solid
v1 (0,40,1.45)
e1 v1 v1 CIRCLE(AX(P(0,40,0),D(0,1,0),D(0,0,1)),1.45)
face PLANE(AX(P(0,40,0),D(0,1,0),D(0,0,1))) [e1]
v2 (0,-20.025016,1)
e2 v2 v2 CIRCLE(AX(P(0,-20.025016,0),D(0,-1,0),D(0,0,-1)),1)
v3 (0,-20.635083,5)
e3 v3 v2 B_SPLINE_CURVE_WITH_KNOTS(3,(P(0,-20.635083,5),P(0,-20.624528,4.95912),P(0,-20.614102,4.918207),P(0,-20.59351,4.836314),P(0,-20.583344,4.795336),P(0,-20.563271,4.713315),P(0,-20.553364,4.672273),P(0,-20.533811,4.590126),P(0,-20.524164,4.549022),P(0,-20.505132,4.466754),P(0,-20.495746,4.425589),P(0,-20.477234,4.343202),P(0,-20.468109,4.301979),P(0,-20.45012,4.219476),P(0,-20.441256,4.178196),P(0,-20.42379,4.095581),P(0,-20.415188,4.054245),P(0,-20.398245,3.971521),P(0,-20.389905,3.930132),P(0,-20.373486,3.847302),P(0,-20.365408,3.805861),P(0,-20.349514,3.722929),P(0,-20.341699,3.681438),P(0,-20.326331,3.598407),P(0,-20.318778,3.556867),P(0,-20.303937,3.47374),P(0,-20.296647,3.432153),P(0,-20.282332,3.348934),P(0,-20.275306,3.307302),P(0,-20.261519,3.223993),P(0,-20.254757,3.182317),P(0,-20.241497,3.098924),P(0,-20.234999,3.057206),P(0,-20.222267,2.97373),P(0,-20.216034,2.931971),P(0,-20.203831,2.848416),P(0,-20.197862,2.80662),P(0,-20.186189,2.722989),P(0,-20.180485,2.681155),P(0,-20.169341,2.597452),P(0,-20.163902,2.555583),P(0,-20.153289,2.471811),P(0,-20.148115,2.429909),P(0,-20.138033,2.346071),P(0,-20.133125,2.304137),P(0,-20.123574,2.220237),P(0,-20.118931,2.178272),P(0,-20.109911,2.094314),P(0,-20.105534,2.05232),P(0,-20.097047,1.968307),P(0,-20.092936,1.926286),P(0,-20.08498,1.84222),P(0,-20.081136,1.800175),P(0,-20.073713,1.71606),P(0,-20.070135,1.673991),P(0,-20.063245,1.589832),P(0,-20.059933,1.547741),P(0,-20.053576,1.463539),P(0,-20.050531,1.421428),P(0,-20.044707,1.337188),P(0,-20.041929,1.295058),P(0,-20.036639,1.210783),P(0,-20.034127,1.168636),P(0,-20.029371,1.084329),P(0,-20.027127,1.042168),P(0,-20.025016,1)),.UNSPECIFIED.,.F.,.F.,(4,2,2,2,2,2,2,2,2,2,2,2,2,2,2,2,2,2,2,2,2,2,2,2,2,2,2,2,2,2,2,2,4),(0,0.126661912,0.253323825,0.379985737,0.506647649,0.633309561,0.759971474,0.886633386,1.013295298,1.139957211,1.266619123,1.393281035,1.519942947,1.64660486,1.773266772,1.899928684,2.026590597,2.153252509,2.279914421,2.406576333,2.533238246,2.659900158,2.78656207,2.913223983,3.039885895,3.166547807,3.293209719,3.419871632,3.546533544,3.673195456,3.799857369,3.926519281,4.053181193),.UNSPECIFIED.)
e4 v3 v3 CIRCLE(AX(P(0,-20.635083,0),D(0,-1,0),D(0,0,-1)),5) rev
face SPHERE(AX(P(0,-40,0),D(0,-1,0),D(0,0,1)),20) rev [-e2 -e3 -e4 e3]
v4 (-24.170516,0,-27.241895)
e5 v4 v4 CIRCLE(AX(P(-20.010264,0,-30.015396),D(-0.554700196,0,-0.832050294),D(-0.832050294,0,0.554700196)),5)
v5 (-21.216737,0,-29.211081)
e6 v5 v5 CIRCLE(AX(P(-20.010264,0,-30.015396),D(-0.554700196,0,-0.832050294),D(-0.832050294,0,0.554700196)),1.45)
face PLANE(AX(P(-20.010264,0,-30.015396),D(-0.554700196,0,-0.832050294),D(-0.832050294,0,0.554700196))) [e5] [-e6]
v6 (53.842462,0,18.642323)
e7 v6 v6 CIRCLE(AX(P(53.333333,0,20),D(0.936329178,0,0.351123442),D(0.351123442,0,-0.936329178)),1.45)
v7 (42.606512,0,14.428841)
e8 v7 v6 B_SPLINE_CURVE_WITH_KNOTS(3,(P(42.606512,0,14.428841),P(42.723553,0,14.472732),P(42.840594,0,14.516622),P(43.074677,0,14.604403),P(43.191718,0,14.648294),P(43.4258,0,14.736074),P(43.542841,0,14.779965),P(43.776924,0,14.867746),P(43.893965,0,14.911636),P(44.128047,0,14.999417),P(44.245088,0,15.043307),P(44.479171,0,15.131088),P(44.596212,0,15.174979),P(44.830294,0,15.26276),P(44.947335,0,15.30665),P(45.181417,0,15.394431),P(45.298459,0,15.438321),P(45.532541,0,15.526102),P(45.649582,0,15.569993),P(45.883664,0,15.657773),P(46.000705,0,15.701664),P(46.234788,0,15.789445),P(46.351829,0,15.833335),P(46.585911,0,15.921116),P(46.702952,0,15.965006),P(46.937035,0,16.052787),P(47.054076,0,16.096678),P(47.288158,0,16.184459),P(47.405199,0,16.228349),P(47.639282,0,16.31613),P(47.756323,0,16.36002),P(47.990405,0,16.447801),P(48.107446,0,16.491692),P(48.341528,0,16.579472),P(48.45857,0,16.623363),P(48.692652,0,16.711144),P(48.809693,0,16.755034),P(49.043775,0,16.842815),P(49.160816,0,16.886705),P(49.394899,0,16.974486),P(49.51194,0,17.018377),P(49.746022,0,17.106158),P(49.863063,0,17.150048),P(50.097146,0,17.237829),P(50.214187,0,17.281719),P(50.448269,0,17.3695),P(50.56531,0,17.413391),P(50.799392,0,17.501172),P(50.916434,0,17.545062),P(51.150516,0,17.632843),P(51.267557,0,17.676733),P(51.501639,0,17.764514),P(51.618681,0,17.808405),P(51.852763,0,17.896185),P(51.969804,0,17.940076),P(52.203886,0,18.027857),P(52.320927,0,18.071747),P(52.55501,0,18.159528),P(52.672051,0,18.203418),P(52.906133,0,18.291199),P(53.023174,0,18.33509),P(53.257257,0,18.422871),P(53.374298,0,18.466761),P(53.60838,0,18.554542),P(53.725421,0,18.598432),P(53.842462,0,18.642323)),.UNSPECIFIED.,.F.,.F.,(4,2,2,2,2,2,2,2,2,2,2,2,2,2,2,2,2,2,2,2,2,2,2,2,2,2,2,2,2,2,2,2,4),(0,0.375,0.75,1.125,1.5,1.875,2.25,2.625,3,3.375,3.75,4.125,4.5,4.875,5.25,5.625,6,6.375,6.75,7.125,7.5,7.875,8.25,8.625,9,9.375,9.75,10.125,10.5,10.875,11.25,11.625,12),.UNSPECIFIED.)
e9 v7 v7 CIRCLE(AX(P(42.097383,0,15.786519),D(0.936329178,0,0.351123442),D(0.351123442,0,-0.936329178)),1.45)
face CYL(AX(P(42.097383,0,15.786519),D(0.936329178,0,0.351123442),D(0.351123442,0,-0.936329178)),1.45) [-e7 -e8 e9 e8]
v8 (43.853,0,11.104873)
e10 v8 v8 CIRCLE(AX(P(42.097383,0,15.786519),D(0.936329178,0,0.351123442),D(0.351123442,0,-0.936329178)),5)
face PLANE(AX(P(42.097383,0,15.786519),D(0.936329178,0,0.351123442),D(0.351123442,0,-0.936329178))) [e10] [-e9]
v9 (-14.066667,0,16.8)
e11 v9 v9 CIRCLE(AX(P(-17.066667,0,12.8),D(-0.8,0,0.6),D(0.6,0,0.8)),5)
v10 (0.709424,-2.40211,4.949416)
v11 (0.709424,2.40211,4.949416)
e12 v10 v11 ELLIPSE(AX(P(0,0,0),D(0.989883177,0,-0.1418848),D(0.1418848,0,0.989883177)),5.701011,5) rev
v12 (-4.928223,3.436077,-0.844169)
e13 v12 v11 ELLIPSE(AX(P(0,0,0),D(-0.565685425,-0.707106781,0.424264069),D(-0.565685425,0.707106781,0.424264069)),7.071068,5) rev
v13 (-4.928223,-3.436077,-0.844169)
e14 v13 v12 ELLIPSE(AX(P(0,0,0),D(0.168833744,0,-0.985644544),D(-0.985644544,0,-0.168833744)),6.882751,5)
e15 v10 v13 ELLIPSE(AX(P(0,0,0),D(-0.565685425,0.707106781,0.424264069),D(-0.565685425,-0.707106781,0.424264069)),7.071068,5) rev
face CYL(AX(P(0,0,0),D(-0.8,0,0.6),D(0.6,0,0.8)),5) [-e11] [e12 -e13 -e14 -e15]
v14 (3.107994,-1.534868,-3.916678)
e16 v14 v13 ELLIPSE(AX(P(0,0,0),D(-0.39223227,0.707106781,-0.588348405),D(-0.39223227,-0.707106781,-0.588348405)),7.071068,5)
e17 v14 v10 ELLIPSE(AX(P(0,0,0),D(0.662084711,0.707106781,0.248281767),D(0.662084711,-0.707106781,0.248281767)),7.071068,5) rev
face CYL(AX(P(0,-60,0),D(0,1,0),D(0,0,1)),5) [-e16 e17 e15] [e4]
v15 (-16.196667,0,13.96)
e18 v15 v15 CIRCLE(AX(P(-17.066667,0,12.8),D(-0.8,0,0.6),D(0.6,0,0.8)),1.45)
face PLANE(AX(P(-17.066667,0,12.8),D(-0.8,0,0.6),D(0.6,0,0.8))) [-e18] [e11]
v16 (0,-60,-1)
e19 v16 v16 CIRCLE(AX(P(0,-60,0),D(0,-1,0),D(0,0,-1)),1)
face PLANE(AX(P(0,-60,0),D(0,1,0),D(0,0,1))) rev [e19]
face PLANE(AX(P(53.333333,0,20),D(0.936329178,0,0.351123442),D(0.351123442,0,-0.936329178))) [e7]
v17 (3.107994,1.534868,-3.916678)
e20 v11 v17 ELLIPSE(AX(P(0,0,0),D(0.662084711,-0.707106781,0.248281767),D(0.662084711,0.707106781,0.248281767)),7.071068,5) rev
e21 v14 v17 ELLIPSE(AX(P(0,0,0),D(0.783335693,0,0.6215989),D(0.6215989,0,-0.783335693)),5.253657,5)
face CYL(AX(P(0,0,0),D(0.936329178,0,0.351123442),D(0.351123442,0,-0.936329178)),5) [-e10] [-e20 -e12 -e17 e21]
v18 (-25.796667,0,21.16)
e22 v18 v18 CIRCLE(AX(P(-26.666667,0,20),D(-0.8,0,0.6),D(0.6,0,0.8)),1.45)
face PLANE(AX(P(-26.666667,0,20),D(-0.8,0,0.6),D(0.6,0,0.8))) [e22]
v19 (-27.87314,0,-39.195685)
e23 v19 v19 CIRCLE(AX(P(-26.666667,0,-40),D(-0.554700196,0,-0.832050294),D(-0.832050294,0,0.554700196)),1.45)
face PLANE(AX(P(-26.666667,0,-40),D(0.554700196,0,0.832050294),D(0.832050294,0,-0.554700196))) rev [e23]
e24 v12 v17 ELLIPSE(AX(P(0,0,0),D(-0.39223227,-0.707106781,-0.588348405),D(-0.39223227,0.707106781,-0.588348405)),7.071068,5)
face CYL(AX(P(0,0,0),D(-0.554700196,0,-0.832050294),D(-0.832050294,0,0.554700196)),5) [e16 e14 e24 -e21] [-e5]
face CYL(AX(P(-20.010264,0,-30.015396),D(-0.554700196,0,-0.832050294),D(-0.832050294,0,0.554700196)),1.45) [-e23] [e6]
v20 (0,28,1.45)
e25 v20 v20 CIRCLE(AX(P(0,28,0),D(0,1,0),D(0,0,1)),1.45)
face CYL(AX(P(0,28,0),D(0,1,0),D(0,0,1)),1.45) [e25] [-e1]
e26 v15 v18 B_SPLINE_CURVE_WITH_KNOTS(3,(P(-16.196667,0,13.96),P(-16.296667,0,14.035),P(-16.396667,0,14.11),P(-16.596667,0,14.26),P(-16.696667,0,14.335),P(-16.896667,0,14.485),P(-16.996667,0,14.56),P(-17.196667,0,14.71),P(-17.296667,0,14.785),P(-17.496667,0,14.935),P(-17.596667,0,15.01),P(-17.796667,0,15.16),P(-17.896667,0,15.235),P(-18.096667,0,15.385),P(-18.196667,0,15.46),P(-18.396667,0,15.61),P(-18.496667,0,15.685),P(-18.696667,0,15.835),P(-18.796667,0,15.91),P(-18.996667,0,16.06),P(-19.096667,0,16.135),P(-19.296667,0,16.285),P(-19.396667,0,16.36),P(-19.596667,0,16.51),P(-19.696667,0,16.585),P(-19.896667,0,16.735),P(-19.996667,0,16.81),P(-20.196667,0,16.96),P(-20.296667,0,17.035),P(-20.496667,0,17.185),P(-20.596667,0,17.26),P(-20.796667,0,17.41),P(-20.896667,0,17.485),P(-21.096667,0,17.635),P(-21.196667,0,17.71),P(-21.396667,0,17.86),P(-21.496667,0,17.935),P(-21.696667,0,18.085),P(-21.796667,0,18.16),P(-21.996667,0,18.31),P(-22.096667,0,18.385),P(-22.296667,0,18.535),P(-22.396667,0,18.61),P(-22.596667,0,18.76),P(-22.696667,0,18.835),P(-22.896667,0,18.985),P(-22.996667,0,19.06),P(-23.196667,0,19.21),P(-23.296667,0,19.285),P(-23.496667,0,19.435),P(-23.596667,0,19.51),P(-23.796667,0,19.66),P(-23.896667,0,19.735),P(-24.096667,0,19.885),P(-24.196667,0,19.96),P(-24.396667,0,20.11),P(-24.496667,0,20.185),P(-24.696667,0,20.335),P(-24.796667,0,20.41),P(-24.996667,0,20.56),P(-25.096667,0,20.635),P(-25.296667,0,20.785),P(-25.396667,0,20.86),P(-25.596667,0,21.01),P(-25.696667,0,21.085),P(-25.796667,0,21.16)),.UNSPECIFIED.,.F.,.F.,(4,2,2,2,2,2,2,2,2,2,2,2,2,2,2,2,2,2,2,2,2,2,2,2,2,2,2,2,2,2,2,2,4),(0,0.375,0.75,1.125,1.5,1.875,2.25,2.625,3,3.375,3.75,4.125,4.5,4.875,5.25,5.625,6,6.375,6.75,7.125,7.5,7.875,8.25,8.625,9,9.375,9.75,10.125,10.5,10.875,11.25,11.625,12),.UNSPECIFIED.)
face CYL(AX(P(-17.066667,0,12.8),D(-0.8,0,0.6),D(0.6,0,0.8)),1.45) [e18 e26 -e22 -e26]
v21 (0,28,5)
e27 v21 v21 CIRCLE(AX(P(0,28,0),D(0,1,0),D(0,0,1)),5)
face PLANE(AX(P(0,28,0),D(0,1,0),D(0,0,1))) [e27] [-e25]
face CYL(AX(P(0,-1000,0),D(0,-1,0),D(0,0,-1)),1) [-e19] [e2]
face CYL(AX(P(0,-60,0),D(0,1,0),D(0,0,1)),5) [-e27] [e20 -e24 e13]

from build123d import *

# Parameters (mm, degrees)
SKETCH_3_R           = 5
SKETCH_4_R           = 5
SKETCH_2_R           = 5
SKETCH_7_R           = 5
SKETCH_7_R_2         = 1.45
CUT_EXTRUDE_1_DEPTH  = 12
SKETCH_8_R           = 5
SKETCH_8_R_2         = 1.45
CUT_EXTRUDE_2_DEPTH  = 12
SKETCH_9_R           = 5
SKETCH_9_R_2         = 1.45
CUT_EXTRUDE_3_DEPTH  = 12
EXTRUDE_1_DEPTH      = 40
EXTRUDE_1_DEPTH_BACK = 60
SKETCH_10_R          = 5
SKETCH_12_R          = 5
SKETCH_12_R_2        = 1.45
CUT_EXTRUDE_5_DEPTH  = 12


with BuildPart() as part:
    # 扫描1: sweep along a path in 草图1
    with BuildLine(Plane(origin=(0, 0, 0), x_dir=(1, 0, 0), z_dir=(0, 1, 0))) as sweep_1_path:
        Line((0, 0), (53.333333333, -20))
    # 草图3 → 扫描1 (sweep)
    with BuildSketch(Plane(origin=(0, 0, 0), x_dir=(0.35112344158838826, 0, -0.9363291775690458), z_dir=(0.9363291775690458, 0, 0.35112344158838826))):
        Circle(SKETCH_3_R)
    sweep(path=sweep_1_path.line)

    # 扫描7: sweep along a path in 草图5
    with BuildLine(Plane(origin=(0, 0, 0), x_dir=(1, 0, 0), z_dir=(0, 1, 0))) as sweep_7_path:
        Line((0, 0), (-26.666666667, 40))
    # 草图4 → 扫描7 (sweep)
    with BuildSketch(Plane(origin=(0, 0, 0), x_dir=(0.8320502943378456, 0, -0.5547001962252264), z_dir=(0.5547001962252264, 0, 0.8320502943378456))):
        Circle(SKETCH_4_R)
    sweep(path=sweep_7_path.line)

    # 扫描8: sweep along a path in 草图6
    with BuildLine(Plane(origin=(0, 0, 0), x_dir=(1, 0, 0), z_dir=(0, 1, 0))) as sweep_8_path:
        Line((0, 0), (-26.666666667, -20))
    # 草图2 → 扫描8 (sweep)
    with BuildSketch(Plane(origin=(0, 0, 0), x_dir=(0.600000000000003, 0, 0.7999999999999979), z_dir=(-0.7999999999999979, 0, 0.600000000000003))):
        Circle(SKETCH_2_R)
    sweep(path=sweep_8_path.line)

    # 草图7 → 切除-拉伸1 (cut)
    with BuildSketch(Plane(origin=(-26.666666667, 0, -40), x_dir=(-0.8320502943378455, 0, 0.5547001962252265), z_dir=(-0.5547001962252265, 0, -0.8320502943378456))):
        Circle(SKETCH_7_R)
        Circle(SKETCH_7_R_2, mode=Mode.SUBTRACT)
    extrude(amount=-CUT_EXTRUDE_1_DEPTH, mode=Mode.SUBTRACT)

    # 草图8 → 切除-拉伸2 (cut)
    with BuildSketch(Plane(origin=(-26.666666667, 0, 20), x_dir=(0.6000000000000031, 0, 0.7999999999999977), z_dir=(-0.7999999999999977, 0, 0.6000000000000031))):
        Circle(SKETCH_8_R)
        Circle(SKETCH_8_R_2, mode=Mode.SUBTRACT)
    extrude(amount=-CUT_EXTRUDE_2_DEPTH, mode=Mode.SUBTRACT)

    # 草图9 → 切除-拉伸3 (cut)
    with BuildSketch(Plane(origin=(53.333333333, 0, 20), x_dir=(0.35112344158838826, 0, -0.9363291775690458), z_dir=(0.9363291775690458, 0, 0.35112344158838826))):
        Circle(SKETCH_9_R)
        Circle(SKETCH_9_R_2, mode=Mode.SUBTRACT)
    extrude(amount=-CUT_EXTRUDE_3_DEPTH, mode=Mode.SUBTRACT)

    # 草图10 → 凸台-拉伸1 (add, two sides: drawn at the far end of the back side and taken through both)
    with BuildSketch(Plane(origin=(0, 0, 0), x_dir=(1, 0, 0), z_dir=(0, 1, 0)).offset(-EXTRUDE_1_DEPTH_BACK)):
        with Locations(Location((0, 0, 0), (0, 0, 270))):
            Circle(SKETCH_10_R)
    extrude(amount=EXTRUDE_1_DEPTH + EXTRUDE_1_DEPTH_BACK)

    # 草图12 → 切除-拉伸5 (cut)
    with BuildSketch(Plane(origin=(0, 40, 0), x_dir=(1, 0, 0), z_dir=(0, 1, 0))):
        with Locations(Location((0, 0, 0), (0, 0, 270))):
            Circle(SKETCH_12_R)
        with Locations(Location((0, 0, 0), (0, 0, 270))):
            Circle(SKETCH_12_R_2, mode=Mode.SUBTRACT)
    extrude(amount=-CUT_EXTRUDE_5_DEPTH, mode=Mode.SUBTRACT)

    # 草图13 → 切除-旋转1 (revolve, cut)
    with BuildSketch(Plane(origin=(0, 0, 0), x_dir=(0, 0, -1), z_dir=(1, 0, 0))):
        with BuildLine():
            Line((-1, -59.017604387), (-1, -20.025015645))
            ThreePointArc((-1, -20.025015645), (-19.897410745, -37.976872316), (-5, -59.364916731))
            Line((-5, -59.364916731), (-5, -59.017604387))
            Line((-5, -59.017604387), (-1, -59.017604387))
        make_face()
        with BuildLine():
            Line((-1, -59.974984355), (-1, -59.017604387))
            Line((-1, -59.017604387), (-5, -59.017604387))
            Line((-5, -59.017604387), (-5, -59.364916731))
            ThreePointArc((-5, -59.364916731), (-3.015467729, -59.771367034), (-1, -59.974984355))
        make_face()
        with BuildLine():
            ThreePointArc((-1, -59.974984355), (-3.015467729, -59.771367034), (-5, -59.364916731))
            Line((-5, -59.364916731), (-5, -60))
            Line((-5, -60), (-1, -60))
            Line((-1, -60), (-1, -59.974984355))
        make_face()
    revolve(axis=Axis((0, -1000, 0), (0, 1, 0)), mode=Mode.SUBTRACT)


solid = part.part
